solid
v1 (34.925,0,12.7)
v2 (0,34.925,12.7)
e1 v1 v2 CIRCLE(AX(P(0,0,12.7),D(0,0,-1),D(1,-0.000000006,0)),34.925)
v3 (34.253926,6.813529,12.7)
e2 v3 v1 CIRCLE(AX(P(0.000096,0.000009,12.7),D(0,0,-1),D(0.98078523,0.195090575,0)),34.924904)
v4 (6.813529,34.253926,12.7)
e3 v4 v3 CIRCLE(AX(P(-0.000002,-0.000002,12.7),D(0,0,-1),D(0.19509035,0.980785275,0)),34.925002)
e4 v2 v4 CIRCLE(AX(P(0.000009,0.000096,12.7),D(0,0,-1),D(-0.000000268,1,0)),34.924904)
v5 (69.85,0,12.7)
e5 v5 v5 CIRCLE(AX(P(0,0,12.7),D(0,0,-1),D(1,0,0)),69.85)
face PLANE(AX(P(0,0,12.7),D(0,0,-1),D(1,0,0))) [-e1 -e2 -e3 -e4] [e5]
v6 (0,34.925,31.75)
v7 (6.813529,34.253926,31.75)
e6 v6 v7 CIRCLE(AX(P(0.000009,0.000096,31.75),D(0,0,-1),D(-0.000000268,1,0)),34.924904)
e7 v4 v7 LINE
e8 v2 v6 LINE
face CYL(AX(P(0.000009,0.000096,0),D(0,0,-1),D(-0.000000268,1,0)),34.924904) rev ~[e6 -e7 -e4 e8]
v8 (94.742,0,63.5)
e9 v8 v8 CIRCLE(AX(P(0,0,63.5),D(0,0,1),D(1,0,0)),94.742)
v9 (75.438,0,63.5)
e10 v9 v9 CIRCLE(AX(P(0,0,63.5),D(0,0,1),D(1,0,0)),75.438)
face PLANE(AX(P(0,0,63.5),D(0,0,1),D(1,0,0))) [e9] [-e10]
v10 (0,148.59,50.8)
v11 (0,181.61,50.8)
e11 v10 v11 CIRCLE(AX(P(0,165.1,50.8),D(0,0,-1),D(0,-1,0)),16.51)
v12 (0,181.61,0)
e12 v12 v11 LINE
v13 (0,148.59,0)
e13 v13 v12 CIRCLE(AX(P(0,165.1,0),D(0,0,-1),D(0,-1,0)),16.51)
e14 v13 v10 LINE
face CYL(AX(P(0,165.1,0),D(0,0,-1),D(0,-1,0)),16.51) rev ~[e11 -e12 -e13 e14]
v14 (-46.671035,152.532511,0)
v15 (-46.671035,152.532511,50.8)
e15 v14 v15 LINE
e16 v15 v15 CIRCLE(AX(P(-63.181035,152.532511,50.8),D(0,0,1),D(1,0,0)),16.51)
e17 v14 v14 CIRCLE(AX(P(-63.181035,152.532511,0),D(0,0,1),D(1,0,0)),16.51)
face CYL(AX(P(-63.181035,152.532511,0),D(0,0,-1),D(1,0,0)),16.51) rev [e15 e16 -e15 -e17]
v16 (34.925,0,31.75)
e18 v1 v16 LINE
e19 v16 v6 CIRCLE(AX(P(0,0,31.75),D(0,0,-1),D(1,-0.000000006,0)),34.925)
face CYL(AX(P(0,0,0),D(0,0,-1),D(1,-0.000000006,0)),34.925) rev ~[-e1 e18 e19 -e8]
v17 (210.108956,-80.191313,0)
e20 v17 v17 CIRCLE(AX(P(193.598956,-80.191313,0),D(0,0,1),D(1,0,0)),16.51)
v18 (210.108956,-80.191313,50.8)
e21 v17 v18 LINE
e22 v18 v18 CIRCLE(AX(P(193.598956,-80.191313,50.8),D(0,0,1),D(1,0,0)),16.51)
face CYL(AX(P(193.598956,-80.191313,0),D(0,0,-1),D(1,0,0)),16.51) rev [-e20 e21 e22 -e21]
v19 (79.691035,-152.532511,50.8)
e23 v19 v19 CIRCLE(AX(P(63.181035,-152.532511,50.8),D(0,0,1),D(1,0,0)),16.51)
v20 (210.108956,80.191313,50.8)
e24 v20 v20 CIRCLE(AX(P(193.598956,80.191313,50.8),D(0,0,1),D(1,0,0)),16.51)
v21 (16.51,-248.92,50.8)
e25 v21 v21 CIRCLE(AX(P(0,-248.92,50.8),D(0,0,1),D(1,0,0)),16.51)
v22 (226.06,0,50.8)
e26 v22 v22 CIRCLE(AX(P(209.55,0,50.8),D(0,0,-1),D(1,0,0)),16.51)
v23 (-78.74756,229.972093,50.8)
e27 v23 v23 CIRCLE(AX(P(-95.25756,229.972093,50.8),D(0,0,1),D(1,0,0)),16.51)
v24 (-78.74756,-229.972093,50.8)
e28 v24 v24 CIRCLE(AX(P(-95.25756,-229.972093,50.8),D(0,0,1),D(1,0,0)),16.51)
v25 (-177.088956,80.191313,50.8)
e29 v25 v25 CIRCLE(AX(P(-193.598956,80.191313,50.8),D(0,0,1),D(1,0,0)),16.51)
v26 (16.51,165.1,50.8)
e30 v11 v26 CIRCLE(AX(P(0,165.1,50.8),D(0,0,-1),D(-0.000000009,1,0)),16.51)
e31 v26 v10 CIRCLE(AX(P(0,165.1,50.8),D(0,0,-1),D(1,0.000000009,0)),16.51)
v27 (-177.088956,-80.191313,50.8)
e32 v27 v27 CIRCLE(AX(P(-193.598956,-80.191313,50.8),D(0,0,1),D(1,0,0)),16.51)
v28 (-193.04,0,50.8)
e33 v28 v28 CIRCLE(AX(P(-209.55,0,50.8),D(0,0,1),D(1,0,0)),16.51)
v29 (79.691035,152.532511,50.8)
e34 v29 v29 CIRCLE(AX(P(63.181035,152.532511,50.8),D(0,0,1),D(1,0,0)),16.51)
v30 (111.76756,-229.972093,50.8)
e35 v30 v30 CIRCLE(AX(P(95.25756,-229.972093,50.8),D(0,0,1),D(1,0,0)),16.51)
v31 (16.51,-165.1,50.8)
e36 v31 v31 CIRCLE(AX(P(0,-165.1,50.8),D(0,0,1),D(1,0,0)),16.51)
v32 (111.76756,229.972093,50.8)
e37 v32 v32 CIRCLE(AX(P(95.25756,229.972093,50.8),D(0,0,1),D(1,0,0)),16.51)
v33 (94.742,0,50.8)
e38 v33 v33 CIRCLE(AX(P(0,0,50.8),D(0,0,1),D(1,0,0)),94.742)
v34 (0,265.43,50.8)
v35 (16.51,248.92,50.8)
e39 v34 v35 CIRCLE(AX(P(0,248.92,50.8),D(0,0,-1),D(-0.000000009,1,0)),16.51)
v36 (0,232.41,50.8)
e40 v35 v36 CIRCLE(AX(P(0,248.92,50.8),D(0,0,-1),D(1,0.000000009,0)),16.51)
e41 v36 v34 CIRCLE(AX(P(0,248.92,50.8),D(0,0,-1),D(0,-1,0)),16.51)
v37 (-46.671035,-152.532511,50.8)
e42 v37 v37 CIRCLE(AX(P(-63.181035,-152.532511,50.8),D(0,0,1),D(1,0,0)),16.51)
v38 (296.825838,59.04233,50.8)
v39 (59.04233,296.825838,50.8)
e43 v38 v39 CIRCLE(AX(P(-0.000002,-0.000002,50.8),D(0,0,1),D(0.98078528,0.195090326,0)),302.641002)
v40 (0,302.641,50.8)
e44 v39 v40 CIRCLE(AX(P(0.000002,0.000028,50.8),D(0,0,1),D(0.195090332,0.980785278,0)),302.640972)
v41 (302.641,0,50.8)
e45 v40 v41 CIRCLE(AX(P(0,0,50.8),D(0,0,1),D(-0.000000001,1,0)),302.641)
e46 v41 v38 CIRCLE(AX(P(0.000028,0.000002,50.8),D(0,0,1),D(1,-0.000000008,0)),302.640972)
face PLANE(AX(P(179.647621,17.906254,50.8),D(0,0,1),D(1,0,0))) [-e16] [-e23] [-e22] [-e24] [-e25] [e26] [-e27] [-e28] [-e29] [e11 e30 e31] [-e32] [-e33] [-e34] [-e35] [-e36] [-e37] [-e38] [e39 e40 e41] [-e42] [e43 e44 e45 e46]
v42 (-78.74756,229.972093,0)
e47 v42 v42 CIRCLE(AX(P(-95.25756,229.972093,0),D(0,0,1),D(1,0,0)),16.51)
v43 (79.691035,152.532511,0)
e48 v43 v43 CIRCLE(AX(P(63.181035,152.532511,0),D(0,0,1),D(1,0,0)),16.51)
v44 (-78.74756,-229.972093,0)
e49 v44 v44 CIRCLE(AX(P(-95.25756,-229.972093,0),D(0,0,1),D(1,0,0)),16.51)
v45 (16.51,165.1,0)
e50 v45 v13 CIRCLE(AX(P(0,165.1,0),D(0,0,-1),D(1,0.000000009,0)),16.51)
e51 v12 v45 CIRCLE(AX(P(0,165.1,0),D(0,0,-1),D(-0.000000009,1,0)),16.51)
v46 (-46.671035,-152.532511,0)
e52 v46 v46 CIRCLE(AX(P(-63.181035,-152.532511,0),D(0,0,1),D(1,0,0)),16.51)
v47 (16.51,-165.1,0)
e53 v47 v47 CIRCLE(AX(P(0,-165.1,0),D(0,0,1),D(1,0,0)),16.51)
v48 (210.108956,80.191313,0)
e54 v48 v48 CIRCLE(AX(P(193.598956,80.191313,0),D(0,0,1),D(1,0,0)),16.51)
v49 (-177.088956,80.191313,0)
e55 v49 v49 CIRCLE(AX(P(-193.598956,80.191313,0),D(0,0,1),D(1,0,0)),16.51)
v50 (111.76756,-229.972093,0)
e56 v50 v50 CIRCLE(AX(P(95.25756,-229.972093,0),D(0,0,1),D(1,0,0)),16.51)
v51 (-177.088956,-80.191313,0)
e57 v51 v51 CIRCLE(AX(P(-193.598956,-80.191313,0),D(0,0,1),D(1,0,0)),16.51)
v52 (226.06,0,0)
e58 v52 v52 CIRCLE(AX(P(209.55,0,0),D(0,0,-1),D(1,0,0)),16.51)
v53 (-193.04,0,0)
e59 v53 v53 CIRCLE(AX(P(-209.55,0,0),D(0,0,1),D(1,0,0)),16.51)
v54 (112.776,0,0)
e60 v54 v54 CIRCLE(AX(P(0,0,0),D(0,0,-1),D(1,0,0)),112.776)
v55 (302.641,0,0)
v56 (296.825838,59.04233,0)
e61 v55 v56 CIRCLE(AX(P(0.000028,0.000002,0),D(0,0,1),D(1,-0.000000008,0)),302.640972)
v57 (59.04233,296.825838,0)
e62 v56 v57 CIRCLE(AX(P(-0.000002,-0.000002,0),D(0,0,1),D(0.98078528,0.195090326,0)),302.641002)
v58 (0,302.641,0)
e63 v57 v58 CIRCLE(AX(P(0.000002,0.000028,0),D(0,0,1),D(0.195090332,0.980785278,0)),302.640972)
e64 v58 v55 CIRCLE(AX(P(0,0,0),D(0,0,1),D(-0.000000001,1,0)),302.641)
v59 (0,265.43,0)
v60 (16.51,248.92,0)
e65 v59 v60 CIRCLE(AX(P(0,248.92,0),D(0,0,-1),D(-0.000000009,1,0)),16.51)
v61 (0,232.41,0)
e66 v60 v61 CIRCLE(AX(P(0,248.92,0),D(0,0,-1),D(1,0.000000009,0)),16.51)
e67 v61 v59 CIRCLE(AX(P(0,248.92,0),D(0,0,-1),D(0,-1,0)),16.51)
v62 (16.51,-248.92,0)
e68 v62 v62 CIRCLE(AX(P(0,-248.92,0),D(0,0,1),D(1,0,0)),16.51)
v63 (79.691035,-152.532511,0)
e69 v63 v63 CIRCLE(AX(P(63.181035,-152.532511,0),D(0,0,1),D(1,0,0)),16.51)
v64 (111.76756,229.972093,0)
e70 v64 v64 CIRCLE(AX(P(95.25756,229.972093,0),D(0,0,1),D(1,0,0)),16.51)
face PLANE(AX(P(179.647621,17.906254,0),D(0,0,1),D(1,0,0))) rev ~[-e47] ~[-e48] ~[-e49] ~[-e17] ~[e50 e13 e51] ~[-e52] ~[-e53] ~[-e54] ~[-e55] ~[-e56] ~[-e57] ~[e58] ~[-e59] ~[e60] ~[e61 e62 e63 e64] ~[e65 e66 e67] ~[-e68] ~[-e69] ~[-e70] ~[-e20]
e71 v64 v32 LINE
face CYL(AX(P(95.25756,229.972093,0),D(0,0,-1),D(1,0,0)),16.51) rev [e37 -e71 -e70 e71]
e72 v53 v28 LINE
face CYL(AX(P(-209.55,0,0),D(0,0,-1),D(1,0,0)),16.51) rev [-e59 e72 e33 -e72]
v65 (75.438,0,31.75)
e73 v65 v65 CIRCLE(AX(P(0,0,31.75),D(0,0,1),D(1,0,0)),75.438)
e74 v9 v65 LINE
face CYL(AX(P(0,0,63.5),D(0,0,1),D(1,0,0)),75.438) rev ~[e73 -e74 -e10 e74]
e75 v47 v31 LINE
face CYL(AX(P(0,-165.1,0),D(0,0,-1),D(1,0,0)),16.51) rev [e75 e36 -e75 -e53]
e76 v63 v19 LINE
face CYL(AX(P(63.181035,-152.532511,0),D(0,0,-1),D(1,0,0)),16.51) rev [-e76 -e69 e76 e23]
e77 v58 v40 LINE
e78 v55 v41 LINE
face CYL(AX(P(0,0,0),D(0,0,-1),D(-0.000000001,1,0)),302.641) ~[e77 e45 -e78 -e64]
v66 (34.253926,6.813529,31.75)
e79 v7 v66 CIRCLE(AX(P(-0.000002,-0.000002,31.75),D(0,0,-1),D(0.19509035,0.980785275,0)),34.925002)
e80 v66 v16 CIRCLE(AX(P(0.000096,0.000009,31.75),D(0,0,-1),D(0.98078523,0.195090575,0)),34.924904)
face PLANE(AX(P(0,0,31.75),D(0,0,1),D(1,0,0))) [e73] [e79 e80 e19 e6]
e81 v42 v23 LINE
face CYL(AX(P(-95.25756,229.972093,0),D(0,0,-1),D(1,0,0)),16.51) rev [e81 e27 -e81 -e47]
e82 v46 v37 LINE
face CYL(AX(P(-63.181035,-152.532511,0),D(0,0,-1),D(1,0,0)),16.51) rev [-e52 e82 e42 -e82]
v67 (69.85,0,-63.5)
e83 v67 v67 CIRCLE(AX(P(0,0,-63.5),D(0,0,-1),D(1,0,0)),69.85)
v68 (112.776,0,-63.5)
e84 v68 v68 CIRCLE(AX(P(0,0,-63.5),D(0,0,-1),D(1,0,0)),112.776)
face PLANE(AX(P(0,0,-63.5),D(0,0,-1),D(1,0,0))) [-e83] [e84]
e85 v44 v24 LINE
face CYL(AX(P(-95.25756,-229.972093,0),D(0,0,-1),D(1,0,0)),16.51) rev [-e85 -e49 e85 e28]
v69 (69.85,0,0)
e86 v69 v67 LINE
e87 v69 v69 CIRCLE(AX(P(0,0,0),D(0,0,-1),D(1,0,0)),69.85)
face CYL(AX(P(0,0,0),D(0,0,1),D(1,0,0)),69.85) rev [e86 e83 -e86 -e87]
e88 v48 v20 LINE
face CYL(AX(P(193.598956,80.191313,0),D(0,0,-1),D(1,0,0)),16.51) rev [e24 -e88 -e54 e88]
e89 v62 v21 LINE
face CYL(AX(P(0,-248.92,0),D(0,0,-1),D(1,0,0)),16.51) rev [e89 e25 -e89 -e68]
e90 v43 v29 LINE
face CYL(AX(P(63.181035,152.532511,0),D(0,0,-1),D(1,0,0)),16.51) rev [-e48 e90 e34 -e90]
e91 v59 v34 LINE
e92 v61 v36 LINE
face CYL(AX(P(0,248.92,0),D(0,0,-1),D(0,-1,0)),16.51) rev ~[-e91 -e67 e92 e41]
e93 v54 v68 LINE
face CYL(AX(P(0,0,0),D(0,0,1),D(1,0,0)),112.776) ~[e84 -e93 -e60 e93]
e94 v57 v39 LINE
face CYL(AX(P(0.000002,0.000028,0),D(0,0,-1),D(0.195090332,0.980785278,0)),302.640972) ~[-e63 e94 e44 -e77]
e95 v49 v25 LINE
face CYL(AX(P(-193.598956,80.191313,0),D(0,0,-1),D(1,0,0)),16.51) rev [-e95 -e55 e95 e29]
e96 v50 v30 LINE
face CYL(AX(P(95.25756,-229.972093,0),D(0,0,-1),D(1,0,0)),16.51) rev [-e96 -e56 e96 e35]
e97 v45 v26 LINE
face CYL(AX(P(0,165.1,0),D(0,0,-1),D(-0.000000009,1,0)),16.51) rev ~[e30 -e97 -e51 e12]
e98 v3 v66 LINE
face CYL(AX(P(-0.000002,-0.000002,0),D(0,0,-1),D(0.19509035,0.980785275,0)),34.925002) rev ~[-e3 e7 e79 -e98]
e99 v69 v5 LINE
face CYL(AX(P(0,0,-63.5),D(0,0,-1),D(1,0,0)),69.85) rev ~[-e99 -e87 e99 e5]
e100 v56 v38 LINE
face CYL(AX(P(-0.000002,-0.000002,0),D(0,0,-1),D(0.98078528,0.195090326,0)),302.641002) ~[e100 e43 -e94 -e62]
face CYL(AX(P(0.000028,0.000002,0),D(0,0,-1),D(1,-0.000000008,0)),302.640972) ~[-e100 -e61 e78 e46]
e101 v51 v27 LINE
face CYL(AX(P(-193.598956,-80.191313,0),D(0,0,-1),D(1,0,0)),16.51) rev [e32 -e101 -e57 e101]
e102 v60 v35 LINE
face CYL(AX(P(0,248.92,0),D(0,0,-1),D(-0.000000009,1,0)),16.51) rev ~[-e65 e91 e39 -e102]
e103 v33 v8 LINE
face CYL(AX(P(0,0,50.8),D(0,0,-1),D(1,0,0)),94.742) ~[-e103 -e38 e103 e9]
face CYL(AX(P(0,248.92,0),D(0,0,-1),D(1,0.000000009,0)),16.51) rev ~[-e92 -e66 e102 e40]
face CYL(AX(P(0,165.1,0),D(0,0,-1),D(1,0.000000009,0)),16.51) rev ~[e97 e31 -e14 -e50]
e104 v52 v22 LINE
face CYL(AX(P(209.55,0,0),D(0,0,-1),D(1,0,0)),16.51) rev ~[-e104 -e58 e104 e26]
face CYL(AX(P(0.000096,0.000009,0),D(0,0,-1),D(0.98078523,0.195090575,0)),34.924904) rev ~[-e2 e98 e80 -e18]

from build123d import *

# Parameters (mm, degrees)
F0_R     = 16.51
F1_DEPTH = 50.8
F2_R     = 94.742
F2_R_2   = 75.438
F3_DEPTH = 12.7
F4_R     = 75.438
F5_DEPTH = 31.75
F6_R     = 112.776
F6_R_2   = 69.85
F7_DEPTH = 63.5
F8_R     = 69.85
F9_DEPTH = 76.2


with BuildPart() as f1:
    # F0 (on Top) → F1 (new body)
    with BuildSketch(Plane.XY):
        with BuildLine():
            Line((226.06, 0), (302.641, 0))
            ThreePointArc((302.641, 0), (301.183701, 29.664005), (296.825838, 59.04233))
            Line((296.825838, 59.04233), (34.253926, 6.813529))
            ThreePointArc((34.253926, 6.813529), (34.756827, 3.423249), (34.925, 0))
            Line((34.925, 0), (193.04, 0))
            ThreePointArc((193.04, 0), (209.55, 16.51), (226.06, 0))
        make_face()
        with BuildLine():
            ThreePointArc((0, 302.641), (-213.999503, -213.999503), (302.641, 0))
            Line((302.641, 0), (226.06, 0))
            ThreePointArc((226.06, 0), (209.55, -16.51), (193.04, 0))
            Line((193.04, 0), (34.925, 0))
            ThreePointArc((34.925, 0), (-24.695704, -24.695704), (0, 34.925))
            Line((0, 34.925), (0, 148.59))
            ThreePointArc((0, 148.59), (-16.51, 165.1), (0, 181.61))
            Line((0, 181.61), (0, 232.41))
            ThreePointArc((0, 232.41), (-16.51, 248.92), (0, 265.43))
            Line((0, 265.43), (0, 302.641))
        make_face()
        with Locations((-95.25756, -229.972093)):
            Circle(F0_R, mode=Mode.SUBTRACT)
        with Locations((-63.181035, -152.532511)):
            Circle(F0_R, mode=Mode.SUBTRACT)
        with Locations((-193.598956, -80.191313)):
            Circle(F0_R, mode=Mode.SUBTRACT)
        with Locations((0, -248.92)):
            Circle(F0_R, mode=Mode.SUBTRACT)
        with Locations((95.25756, -229.972093)):
            Circle(F0_R, mode=Mode.SUBTRACT)
        with Locations((0, -165.1)):
            Circle(F0_R, mode=Mode.SUBTRACT)
        with Locations((63.181035, -152.532511)):
            Circle(F0_R, mode=Mode.SUBTRACT)
        with Locations((193.598956, -80.191313)):
            Circle(F0_R, mode=Mode.SUBTRACT)
        with Locations((-209.55, 0)):
            Circle(F0_R, mode=Mode.SUBTRACT)
        with Locations((-193.598956, 80.191313)):
            Circle(F0_R, mode=Mode.SUBTRACT)
        with Locations((-63.181035, 152.532511)):
            Circle(F0_R, mode=Mode.SUBTRACT)
        with Locations((-95.25756, 229.972093)):
            Circle(F0_R, mode=Mode.SUBTRACT)
        with BuildLine():
            Line((34.253926, 6.813529), (296.825838, 59.04233))
            ThreePointArc((296.825838, 59.04233), (213.999503, 213.999503), (59.04233, 296.825838))
            Line((59.04233, 296.825838), (6.813529, 34.253926))
            ThreePointArc((6.813529, 34.253926), (24.695704, 24.695704), (34.253926, 6.813529))
        make_face()
        with Locations((193.598956, 80.191313)):
            Circle(F0_R, mode=Mode.SUBTRACT)
        with Locations((63.181035, 152.532511)):
            Circle(F0_R, mode=Mode.SUBTRACT)
        with Locations((95.25756, 229.972093)):
            Circle(F0_R, mode=Mode.SUBTRACT)
        with BuildLine():
            ThreePointArc((59.04233, 296.825838), (29.664005, 301.183701), (0, 302.641))
            Line((0, 302.641), (0, 265.43))
            ThreePointArc((0, 265.43), (11.674333, 260.594333), (16.51, 248.92))
            ThreePointArc((16.51, 248.92), (11.674333, 237.245667), (0, 232.41))
            Line((0, 232.41), (0, 181.61))
            ThreePointArc((0, 181.61), (11.674333, 176.774333), (16.51, 165.1))
            ThreePointArc((16.51, 165.1), (11.674333, 153.425667), (0, 148.59))
            Line((0, 148.59), (0, 34.925))
            ThreePointArc((0, 34.925), (3.423249, 34.756827), (6.813529, 34.253926))
            Line((6.813529, 34.253926), (59.04233, 296.825838))
        make_face()
    extrude(amount=F1_DEPTH)

    # F2 (on face) → F3 (join)
    with BuildSketch(Plane.XY.offset(50.8)):
        Circle(F2_R)
        Circle(F2_R_2, mode=Mode.SUBTRACT)
    extrude(amount=F3_DEPTH)

    # F4 (on face) → F5 (cut, symmetric)
    with BuildSketch(Plane.XY.offset(63.5)):
        Circle(F4_R)
    extrude(amount=F5_DEPTH, both=True, mode=Mode.SUBTRACT)

    # F6 (on face) → F7 (join)
    with BuildSketch(Plane(origin=(0, 0, 0), x_dir=(1, 0, 0), z_dir=(0, 0, -1))):
        Circle(F6_R)
        Circle(F6_R_2, mode=Mode.SUBTRACT)
    extrude(amount=F7_DEPTH)

    # F8 (on face) → F9 (cut)
    with BuildSketch(Plane(origin=(0, 0, -63.5), x_dir=(1, 0, 0), z_dir=(0, 0, -1))):
        Circle(F8_R)
    extrude(amount=-F9_DEPTH, mode=Mode.SUBTRACT)


solid = f1.part
